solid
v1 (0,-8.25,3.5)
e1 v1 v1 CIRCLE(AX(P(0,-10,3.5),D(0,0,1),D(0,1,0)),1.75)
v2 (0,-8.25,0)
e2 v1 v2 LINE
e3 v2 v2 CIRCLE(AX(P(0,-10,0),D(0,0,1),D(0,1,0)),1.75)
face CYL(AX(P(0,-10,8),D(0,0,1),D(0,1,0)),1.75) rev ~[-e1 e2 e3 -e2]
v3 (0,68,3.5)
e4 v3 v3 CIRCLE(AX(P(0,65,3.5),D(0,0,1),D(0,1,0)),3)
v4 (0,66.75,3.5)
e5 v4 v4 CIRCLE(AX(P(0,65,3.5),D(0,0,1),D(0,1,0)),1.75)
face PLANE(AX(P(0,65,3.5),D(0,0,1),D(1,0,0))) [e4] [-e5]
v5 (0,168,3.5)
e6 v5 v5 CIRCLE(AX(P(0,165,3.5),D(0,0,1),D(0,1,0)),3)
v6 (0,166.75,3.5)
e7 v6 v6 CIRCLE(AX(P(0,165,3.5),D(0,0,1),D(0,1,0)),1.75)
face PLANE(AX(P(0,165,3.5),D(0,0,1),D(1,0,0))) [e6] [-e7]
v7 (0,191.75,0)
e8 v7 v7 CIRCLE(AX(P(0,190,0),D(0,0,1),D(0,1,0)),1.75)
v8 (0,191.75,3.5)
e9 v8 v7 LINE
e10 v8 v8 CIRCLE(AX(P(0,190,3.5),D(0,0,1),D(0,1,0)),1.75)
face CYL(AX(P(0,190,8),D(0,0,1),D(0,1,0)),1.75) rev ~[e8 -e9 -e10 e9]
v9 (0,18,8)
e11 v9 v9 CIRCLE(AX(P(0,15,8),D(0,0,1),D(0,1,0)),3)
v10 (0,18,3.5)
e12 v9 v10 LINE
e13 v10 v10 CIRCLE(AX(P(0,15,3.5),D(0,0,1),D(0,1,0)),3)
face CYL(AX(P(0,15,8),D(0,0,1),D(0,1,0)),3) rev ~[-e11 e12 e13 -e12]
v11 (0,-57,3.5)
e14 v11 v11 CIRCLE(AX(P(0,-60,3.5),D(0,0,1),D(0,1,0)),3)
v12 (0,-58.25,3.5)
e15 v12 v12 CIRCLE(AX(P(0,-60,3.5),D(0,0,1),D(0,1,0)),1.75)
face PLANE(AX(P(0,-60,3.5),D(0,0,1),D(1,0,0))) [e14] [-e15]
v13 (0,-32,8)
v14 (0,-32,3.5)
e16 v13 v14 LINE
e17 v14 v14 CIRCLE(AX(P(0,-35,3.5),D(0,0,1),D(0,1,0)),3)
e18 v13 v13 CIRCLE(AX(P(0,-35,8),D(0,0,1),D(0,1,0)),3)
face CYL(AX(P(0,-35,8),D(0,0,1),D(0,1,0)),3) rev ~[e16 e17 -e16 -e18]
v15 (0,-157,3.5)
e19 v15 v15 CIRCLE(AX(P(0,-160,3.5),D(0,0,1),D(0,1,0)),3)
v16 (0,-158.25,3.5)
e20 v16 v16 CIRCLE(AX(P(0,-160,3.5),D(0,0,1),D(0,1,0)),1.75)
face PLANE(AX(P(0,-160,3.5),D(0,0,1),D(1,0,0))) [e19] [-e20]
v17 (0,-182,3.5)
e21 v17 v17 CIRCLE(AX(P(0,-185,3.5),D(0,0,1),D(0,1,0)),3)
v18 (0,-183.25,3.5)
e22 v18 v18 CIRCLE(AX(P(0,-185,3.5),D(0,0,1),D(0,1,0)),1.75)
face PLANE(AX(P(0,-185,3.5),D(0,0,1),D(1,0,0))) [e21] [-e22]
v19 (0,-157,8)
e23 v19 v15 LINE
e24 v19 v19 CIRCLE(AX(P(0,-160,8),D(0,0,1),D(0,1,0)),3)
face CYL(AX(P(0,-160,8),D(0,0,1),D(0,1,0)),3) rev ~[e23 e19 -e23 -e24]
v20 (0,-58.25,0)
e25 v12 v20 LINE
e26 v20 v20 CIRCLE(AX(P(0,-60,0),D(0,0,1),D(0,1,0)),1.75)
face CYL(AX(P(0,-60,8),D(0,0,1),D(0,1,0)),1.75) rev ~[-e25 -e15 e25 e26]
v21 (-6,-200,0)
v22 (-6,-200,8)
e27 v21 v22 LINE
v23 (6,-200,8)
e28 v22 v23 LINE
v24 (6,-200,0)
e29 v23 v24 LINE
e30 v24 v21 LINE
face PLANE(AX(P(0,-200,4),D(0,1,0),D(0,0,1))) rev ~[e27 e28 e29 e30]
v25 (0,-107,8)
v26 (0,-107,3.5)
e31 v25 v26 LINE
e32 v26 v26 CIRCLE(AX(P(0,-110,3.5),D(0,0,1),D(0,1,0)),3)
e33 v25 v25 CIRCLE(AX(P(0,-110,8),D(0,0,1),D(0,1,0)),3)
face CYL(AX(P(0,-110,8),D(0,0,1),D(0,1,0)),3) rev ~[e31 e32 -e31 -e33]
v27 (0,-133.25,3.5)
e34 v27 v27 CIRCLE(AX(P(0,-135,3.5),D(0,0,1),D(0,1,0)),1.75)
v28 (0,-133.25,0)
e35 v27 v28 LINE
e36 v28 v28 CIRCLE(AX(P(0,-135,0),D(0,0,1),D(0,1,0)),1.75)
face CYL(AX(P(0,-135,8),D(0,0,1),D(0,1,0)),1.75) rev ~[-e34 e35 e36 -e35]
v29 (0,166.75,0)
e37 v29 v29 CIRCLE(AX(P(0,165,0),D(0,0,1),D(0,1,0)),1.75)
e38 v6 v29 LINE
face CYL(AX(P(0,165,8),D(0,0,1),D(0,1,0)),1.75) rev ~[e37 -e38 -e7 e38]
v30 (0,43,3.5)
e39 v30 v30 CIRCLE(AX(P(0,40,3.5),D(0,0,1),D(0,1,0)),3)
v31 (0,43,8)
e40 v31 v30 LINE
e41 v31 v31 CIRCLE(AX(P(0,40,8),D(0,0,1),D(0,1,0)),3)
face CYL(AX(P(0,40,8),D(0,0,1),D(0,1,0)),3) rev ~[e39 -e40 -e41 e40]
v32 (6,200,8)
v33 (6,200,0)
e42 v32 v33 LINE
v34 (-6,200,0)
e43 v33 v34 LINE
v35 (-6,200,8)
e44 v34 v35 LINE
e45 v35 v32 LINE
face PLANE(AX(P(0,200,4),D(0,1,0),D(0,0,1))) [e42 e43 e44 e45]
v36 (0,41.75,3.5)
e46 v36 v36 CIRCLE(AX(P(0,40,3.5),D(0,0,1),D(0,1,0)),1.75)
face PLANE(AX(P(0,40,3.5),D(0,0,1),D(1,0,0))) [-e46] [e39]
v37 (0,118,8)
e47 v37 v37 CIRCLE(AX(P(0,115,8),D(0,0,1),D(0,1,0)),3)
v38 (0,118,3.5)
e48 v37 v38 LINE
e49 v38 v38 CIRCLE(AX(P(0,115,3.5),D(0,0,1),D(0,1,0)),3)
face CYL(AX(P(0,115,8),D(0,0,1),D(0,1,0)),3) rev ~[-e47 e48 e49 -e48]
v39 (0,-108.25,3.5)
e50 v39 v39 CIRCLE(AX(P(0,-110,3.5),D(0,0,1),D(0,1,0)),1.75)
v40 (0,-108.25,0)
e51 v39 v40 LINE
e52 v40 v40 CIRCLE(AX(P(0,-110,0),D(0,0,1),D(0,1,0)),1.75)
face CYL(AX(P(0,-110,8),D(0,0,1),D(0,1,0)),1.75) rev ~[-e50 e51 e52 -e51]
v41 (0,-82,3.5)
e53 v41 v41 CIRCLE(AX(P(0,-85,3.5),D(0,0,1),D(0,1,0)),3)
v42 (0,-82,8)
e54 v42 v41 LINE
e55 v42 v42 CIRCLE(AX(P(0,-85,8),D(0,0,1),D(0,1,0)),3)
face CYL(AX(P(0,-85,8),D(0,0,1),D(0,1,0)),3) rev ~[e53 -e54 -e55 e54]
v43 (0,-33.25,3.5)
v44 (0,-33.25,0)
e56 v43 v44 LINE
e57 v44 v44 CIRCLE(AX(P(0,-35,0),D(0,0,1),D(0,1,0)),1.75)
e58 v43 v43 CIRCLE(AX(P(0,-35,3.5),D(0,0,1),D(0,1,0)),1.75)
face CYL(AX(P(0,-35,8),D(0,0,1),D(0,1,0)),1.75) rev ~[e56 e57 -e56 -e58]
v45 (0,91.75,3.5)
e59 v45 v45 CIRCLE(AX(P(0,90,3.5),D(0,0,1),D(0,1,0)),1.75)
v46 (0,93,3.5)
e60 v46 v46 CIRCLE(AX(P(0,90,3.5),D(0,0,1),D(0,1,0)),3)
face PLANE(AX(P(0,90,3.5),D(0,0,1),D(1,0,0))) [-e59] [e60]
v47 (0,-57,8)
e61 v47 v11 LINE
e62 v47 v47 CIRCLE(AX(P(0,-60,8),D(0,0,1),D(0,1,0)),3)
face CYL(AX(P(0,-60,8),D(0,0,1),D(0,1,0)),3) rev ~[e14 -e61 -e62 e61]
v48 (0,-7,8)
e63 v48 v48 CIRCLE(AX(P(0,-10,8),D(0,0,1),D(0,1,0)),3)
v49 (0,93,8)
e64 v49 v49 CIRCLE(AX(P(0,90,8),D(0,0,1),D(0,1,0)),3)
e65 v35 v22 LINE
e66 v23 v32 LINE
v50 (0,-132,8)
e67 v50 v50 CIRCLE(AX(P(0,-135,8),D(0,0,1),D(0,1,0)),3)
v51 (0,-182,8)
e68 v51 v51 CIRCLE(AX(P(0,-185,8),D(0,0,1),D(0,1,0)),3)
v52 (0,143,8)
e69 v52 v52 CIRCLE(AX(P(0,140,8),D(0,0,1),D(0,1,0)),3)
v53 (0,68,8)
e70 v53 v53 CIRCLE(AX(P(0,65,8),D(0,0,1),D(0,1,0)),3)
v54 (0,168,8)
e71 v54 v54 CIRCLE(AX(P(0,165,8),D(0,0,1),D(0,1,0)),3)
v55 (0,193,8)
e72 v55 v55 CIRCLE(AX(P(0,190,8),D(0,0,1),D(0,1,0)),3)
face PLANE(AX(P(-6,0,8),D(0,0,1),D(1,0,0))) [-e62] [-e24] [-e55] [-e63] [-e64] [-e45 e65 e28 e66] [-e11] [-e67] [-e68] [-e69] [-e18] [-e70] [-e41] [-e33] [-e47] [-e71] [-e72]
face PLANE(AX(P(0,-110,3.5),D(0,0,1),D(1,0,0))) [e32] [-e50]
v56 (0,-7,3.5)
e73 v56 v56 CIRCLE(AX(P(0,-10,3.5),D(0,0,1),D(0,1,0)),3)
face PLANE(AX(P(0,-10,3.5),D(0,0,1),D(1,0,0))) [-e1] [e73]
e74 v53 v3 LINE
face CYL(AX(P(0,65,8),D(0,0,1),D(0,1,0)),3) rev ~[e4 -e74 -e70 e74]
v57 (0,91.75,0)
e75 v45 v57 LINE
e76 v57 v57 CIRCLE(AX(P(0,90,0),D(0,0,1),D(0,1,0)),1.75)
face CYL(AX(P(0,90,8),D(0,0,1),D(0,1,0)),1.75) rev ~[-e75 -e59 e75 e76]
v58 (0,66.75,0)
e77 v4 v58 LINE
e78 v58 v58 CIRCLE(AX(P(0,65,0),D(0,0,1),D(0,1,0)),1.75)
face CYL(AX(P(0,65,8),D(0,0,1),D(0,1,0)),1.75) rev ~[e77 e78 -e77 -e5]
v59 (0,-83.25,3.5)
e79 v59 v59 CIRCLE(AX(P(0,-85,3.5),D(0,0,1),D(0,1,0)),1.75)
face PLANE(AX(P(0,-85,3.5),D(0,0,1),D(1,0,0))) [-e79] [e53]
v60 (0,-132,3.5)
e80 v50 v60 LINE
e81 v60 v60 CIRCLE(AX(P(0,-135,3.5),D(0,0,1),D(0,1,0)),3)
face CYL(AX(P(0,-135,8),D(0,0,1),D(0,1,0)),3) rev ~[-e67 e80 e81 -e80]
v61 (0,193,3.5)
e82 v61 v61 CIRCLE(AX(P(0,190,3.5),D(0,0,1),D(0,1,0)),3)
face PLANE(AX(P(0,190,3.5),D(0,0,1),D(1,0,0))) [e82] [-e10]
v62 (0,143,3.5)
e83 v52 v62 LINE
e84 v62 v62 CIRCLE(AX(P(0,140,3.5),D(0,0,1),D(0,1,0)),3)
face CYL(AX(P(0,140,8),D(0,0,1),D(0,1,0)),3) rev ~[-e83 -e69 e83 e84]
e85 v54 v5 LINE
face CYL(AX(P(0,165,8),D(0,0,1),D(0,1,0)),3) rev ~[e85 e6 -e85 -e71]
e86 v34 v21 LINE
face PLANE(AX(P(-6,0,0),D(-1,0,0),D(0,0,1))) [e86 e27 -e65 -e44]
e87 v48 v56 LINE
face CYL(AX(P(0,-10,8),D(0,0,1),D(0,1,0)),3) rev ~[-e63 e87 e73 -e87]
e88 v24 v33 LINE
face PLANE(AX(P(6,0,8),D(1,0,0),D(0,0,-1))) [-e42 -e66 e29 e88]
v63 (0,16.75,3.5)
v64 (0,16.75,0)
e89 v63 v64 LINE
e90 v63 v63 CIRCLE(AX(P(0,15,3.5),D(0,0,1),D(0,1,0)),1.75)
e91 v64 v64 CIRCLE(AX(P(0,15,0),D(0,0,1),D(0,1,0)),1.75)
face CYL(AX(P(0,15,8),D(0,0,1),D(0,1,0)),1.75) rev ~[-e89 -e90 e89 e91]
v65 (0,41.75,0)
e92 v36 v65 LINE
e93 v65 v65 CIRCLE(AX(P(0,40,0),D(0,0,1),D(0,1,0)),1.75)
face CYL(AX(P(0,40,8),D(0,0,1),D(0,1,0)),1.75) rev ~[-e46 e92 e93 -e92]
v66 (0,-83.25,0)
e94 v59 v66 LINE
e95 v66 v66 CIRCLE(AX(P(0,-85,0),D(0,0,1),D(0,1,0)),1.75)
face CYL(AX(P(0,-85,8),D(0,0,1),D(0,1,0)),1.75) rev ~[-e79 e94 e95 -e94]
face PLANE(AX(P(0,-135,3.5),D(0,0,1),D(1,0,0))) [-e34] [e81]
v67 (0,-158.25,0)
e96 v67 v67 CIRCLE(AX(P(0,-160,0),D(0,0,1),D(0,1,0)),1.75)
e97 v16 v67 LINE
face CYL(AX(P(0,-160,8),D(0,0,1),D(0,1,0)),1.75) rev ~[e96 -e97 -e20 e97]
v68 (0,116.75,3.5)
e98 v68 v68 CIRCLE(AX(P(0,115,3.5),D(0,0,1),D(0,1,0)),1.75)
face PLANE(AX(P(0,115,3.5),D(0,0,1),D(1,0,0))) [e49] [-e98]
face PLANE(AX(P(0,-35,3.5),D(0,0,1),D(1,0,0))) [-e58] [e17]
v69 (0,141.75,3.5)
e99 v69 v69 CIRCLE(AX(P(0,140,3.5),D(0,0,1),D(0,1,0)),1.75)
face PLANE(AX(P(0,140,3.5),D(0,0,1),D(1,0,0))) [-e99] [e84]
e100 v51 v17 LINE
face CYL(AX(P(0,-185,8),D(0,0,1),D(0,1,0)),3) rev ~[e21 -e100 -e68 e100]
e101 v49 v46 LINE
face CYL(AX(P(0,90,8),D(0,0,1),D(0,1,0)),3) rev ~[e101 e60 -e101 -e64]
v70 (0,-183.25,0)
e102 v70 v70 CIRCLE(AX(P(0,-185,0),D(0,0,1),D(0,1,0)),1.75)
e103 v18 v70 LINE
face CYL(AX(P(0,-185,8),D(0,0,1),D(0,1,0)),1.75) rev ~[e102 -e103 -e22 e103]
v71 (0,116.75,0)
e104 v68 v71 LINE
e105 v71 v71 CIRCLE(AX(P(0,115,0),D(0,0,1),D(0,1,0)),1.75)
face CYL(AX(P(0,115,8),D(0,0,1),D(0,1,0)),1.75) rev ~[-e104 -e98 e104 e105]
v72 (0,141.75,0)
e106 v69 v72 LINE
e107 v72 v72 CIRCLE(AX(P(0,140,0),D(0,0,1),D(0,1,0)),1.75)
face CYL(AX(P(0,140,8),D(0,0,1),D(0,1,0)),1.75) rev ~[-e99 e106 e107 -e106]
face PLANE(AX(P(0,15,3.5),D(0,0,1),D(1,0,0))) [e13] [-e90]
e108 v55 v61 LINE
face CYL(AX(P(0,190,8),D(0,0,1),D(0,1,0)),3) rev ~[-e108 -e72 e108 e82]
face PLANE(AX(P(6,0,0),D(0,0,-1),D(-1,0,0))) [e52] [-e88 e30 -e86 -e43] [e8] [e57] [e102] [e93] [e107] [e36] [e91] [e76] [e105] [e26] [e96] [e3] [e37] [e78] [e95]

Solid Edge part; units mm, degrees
sketch "Sketch1" plane through (0, 0, 0) normal (0, -1, 0) x (1, 0, 0)
  line L0 (-6, 8) -> (6, 8)
  line L1 (6, 8) -> (6, 0)
  line L2 (6, 0) -> (-6, 0)
  line L3 (-6, 0) -> (-6, 8)
  dimension "D1" = 12
  dimension "D2" = 8
extrude "Protrusion1" add sketch "Sketch1" along normal mid plane 400
sketch "Sketch2" plane through (0, 0, 8) normal (0, 0, 1) x (0, 1, 0)
  circle A0 centre (190, 0) radius 1.75
  dimension "D1" = 3.5
extrude "Cutout1" cut sketch "Sketch2" against normal through all
sketch "Sketch3" plane through (0, 0, 8) normal (0, 0, 1) x (0, 1, 0)
  circle A0 centre (190, 0) radius 3
  dimension "D1" = 6
extrude "ExtrudedCutout_2" cut sketch "Sketch3" against normal blind 4.5
pattern_linear "Pattern1" count 16 spacing 25 along (0, -1, 0) of "Cutout1", "ExtrudedCutout_2"
properties material "Stainless Steel, 410"
